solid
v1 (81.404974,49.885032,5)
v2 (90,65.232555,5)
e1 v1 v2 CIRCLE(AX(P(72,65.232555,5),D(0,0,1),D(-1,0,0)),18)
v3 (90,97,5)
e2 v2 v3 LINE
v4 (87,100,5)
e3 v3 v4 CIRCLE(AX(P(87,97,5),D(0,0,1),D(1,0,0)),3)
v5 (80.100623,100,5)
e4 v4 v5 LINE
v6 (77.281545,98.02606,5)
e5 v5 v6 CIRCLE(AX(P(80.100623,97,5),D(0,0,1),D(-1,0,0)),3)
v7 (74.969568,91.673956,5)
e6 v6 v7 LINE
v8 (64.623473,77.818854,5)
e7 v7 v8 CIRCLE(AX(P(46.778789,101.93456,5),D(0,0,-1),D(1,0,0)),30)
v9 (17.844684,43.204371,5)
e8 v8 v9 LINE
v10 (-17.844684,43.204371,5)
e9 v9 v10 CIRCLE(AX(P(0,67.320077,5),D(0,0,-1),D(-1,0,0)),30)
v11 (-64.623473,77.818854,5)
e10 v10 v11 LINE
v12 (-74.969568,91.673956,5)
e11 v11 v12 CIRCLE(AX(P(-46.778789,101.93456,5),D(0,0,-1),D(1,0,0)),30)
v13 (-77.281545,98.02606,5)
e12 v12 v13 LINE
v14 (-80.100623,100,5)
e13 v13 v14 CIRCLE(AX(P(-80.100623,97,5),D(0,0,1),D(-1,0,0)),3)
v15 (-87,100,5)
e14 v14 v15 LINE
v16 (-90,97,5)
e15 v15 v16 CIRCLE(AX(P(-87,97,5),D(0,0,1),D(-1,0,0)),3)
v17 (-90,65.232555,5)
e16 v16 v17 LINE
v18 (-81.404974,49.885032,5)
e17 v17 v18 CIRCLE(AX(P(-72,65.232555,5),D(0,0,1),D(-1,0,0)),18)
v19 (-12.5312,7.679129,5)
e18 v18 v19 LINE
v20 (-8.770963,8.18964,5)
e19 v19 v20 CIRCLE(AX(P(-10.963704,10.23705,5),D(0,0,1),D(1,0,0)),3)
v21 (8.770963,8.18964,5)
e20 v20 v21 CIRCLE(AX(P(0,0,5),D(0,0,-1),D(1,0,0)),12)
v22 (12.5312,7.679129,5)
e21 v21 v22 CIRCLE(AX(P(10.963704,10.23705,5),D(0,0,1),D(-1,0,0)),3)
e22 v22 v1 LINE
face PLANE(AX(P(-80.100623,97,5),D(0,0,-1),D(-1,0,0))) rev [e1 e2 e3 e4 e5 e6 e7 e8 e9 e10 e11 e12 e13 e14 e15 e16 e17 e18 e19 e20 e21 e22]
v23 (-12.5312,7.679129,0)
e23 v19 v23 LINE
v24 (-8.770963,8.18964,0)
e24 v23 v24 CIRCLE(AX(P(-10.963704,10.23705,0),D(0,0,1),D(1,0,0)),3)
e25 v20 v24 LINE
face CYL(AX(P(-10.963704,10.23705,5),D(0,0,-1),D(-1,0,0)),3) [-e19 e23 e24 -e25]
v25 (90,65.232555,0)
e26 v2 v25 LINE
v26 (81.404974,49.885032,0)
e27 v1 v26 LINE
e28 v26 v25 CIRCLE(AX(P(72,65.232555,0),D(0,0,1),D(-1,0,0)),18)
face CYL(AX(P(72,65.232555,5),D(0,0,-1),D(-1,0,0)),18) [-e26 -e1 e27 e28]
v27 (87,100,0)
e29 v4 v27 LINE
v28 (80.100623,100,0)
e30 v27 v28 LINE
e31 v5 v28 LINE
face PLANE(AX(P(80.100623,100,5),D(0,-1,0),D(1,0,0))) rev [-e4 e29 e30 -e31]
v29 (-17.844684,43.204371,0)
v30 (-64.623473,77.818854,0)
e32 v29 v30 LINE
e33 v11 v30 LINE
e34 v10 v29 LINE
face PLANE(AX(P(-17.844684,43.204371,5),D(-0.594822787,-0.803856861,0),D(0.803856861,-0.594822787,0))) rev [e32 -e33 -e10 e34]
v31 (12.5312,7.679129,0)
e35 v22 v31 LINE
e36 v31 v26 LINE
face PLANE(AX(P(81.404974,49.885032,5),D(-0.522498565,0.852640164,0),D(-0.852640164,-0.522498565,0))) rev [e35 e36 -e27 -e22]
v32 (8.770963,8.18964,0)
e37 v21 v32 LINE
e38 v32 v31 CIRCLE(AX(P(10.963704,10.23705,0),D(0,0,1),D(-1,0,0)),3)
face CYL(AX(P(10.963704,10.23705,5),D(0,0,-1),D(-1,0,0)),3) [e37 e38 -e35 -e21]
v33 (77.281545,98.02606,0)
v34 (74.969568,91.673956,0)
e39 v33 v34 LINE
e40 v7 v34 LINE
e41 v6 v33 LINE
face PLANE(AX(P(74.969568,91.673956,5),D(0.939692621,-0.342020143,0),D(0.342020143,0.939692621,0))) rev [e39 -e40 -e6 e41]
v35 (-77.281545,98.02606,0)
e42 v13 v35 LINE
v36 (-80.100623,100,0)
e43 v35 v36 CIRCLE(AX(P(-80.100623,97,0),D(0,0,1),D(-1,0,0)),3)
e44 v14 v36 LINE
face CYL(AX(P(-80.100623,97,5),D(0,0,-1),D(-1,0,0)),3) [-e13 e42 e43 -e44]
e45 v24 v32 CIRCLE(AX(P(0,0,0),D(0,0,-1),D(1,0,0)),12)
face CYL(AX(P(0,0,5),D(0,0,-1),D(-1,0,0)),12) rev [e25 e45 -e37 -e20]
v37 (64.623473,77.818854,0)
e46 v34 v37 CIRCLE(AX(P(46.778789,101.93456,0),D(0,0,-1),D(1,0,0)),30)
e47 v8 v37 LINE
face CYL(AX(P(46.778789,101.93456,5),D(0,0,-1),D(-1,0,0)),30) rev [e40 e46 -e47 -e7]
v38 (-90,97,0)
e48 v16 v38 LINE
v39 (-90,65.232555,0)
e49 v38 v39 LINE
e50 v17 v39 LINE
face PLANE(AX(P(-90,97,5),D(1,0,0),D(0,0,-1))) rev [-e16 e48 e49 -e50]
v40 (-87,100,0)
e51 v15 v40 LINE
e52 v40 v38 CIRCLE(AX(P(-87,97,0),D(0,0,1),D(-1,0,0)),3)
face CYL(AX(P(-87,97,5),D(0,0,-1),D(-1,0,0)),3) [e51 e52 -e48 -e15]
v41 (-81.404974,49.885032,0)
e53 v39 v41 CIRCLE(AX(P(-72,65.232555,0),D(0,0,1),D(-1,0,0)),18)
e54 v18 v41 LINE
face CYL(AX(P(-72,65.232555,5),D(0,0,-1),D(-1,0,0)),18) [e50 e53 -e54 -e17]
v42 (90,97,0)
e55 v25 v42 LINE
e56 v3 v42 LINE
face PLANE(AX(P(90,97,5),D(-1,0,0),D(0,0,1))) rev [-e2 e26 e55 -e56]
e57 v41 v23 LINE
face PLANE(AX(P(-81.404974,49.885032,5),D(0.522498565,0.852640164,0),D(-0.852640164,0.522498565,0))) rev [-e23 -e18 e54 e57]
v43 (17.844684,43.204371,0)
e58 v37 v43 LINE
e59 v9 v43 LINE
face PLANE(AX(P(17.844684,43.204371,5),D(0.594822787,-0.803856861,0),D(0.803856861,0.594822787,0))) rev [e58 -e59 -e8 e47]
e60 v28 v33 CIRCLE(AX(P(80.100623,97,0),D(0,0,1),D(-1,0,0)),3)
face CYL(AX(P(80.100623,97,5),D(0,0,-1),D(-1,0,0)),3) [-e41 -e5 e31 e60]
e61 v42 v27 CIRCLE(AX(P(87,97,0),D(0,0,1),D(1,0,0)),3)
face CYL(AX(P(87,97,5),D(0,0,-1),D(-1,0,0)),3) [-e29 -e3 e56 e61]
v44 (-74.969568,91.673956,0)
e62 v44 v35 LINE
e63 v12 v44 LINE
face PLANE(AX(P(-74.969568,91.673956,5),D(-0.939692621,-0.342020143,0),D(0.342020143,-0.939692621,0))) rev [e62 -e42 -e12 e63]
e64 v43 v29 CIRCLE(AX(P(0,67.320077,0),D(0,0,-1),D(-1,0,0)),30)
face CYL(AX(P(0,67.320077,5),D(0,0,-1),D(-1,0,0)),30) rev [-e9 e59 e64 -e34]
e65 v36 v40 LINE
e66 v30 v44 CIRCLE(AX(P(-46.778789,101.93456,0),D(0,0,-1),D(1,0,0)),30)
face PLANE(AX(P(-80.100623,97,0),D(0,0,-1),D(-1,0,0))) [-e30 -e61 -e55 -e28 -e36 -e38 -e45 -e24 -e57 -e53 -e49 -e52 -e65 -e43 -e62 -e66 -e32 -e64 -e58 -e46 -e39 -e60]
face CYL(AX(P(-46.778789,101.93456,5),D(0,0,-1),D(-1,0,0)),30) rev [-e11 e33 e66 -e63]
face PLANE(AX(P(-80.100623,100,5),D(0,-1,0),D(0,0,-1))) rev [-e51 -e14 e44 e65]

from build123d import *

# Parameters (mm, degrees)
BASE_EXTRUDE_DEPTH = 5


with BuildPart() as part:
    # Sketch1 → Base-Extrude (new body)
    with BuildSketch(Plane.XY):
        with BuildLine():
            Line((-90, 97), (-90, 65.232555285))
            ThreePointArc((-90, 65.232555285), (-87.704928127, 56.437372938), (-81.404974165, 49.885032327))
            Line((-81.404974165, 49.885032327), (-12.531200021, 7.679129249))
            ThreePointArc((-12.531200021, 7.679129249), (-10.560110304, 7.264321725), (-8.770963462, 8.189639794))
            ThreePointArc((-8.770963462, 8.189639794), (0, 12), (8.770963462, 8.189639794))
            ThreePointArc((8.770963462, 8.189639794), (10.560110304, 7.264321725), (12.531200021, 7.679129249))
            Line((12.531200021, 7.679129249), (81.404974165, 49.885032327))
            ThreePointArc((81.404974165, 49.885032327), (87.704928127, 56.437372938), (90, 65.232555285))
            Line((90, 65.232555285), (90, 97))
            ThreePointArc((90, 97), (89.121320344, 99.121320344), (87, 100))
            Line((87, 100), (80.100622615, 100))
            ThreePointArc((80.100622615, 100), (78.379893306, 99.457456133), (77.281544752, 98.02606043))
            Line((77.281544752, 98.02606043), (74.969567775, 91.67395589))
            ThreePointArc((74.969567775, 91.67395589), (70.816403532, 83.984822172), (64.623472754, 77.818854371))
            Line((64.623472754, 77.818854371), (17.844683603, 43.204371262))
            ThreePointArc((17.844683603, 43.204371262), (0, 37.320077081), (-17.844683603, 43.204371262))
            Line((-17.844683603, 43.204371262), (-64.623472754, 77.818854371))
            ThreePointArc((-64.623472754, 77.818854371), (-70.816403532, 83.984822172), (-74.969567775, 91.67395589))
            Line((-74.969567775, 91.67395589), (-77.281544752, 98.02606043))
            ThreePointArc((-77.281544752, 98.02606043), (-78.379893306, 99.457456133), (-80.100622615, 100))
            Line((-80.100622615, 100), (-87, 100))
            ThreePointArc((-87, 100), (-89.121320344, 99.121320344), (-90, 97))
        make_face()
    extrude(amount=BASE_EXTRUDE_DEPTH)


solid = part.part
